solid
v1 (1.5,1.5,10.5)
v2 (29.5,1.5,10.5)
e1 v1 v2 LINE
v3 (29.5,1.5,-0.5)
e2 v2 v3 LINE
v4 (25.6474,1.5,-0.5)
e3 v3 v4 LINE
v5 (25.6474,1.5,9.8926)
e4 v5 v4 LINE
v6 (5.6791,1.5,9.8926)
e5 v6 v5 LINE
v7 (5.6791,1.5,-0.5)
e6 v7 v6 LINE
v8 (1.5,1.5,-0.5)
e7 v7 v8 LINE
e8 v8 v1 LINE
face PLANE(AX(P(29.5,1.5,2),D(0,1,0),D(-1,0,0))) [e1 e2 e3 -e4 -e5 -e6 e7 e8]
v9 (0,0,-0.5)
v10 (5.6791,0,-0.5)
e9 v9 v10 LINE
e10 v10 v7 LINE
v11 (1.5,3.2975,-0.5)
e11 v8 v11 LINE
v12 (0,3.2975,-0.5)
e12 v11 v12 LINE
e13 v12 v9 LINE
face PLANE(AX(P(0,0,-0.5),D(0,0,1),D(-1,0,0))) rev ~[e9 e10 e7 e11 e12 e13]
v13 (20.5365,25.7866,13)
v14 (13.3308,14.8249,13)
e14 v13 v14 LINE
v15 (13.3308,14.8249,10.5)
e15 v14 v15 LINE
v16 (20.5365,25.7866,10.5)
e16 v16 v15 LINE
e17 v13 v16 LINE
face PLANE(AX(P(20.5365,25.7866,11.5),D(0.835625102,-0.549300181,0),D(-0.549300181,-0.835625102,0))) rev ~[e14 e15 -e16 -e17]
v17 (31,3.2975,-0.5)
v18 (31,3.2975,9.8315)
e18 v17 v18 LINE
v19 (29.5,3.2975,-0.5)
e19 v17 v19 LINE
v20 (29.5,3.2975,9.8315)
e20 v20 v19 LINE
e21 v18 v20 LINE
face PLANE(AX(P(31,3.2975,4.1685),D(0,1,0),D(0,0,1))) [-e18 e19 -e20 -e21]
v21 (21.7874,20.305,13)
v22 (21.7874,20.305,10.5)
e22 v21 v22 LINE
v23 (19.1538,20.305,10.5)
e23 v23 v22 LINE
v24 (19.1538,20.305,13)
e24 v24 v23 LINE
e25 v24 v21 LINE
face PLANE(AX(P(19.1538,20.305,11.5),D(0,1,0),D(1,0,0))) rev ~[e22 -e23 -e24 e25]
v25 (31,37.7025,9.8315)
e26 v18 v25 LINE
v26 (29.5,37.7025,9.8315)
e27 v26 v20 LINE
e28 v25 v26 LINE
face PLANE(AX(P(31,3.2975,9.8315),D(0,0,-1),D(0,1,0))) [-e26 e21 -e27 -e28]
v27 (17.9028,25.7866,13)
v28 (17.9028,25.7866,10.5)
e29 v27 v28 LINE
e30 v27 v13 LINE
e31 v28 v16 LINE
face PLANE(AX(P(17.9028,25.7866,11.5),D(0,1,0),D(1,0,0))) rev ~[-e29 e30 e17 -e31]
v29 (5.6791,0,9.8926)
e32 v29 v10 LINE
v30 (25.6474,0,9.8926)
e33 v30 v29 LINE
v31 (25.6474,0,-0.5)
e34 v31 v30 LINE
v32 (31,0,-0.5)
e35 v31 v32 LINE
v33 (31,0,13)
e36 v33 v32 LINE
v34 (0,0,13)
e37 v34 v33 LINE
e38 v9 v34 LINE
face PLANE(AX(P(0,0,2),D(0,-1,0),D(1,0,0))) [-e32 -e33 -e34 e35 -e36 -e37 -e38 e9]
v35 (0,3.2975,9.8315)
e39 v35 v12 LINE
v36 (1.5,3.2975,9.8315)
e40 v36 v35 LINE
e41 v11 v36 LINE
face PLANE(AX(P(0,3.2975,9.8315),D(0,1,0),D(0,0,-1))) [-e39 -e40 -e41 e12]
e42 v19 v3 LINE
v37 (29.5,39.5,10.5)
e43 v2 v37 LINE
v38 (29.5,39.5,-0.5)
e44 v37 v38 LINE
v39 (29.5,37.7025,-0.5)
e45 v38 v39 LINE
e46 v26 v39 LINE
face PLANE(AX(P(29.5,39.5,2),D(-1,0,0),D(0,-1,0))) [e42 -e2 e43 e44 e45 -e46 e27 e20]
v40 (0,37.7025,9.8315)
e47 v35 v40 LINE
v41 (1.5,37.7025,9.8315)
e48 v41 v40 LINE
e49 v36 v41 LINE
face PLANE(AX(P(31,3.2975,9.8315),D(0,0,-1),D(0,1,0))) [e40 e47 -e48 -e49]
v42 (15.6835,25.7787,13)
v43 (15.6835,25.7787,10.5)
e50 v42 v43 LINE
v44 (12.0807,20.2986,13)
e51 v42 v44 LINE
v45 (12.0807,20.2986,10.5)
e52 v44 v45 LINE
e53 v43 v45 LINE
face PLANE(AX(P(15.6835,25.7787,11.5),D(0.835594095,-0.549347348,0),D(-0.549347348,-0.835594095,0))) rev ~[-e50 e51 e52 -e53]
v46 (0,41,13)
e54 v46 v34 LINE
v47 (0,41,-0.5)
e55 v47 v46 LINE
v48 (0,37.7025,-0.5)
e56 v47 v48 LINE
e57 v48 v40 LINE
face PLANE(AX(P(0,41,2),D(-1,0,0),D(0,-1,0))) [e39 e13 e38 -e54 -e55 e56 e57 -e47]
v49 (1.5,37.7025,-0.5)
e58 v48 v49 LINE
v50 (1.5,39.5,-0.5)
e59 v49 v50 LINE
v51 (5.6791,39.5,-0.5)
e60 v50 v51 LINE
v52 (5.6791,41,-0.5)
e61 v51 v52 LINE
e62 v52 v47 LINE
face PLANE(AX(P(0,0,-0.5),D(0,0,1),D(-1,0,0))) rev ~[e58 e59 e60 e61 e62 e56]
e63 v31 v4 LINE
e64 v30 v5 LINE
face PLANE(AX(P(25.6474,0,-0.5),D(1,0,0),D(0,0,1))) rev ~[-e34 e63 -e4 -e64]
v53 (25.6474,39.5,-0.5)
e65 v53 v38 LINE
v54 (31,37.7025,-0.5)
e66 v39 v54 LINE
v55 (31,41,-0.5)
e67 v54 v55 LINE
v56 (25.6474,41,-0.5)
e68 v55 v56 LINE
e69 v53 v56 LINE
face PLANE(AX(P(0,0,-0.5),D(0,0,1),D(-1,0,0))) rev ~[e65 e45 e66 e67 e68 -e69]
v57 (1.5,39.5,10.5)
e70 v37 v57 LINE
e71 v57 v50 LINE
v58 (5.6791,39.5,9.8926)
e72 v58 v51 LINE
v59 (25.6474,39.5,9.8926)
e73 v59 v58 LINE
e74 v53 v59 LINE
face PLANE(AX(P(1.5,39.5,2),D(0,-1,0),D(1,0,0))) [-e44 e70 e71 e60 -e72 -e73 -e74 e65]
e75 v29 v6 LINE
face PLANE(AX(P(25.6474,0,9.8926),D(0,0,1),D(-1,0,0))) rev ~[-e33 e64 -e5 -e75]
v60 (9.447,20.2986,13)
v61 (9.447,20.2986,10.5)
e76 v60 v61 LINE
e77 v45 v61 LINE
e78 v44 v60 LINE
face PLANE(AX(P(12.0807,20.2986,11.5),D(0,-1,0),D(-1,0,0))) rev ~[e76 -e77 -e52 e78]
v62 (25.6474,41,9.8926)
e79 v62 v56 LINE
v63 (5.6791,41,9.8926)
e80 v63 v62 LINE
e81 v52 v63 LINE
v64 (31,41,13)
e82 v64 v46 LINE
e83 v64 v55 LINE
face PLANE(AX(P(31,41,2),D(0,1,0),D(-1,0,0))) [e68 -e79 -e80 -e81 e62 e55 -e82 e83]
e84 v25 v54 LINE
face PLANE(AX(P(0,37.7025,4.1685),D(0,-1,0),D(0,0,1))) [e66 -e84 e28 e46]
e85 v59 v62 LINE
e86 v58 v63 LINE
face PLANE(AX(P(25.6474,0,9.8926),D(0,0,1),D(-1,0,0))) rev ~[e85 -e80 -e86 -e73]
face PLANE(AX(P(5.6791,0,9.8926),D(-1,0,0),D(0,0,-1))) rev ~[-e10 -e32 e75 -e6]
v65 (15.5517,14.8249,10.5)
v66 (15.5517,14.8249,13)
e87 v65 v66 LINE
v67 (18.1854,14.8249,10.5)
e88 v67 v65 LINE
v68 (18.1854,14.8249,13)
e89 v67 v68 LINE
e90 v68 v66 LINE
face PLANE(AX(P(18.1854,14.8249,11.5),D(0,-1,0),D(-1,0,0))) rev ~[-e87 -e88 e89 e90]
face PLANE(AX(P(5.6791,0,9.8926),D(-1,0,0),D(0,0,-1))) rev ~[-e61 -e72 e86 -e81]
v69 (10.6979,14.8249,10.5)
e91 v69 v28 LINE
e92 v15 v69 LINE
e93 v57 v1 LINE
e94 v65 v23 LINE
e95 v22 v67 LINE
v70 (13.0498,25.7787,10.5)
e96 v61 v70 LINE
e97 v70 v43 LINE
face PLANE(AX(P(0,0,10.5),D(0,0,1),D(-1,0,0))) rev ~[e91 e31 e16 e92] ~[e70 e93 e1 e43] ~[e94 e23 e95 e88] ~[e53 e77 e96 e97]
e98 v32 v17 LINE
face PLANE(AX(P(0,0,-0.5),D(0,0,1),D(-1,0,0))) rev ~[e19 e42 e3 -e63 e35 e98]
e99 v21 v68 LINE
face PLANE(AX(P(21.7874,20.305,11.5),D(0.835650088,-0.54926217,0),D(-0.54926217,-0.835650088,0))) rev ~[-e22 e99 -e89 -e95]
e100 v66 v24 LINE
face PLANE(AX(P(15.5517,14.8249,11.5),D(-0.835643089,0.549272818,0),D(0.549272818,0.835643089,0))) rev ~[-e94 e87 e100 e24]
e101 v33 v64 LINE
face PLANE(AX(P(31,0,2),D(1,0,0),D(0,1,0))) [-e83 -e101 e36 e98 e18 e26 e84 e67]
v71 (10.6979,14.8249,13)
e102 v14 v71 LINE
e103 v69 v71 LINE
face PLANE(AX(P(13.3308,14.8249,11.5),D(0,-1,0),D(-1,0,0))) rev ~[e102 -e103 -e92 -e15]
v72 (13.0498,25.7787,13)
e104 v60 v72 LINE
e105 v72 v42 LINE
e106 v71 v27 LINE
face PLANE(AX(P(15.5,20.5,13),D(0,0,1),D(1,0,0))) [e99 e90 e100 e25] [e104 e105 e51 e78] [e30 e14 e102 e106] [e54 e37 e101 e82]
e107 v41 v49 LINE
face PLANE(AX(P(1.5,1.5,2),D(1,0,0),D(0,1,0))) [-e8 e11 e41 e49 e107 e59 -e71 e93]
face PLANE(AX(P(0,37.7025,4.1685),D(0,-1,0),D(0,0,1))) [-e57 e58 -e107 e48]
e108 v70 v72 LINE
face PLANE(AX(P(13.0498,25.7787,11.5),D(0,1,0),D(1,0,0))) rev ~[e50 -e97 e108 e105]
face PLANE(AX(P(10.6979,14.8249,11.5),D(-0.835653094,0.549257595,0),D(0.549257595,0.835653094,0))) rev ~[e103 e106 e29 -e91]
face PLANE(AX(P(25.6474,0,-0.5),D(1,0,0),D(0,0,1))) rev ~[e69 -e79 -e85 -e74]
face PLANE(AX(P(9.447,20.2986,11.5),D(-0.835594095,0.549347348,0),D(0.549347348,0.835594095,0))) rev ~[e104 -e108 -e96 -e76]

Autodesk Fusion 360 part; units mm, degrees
sketch "Sketch1" plane through (0, 0, 0) normal (0, 0, 1) x (1, 0, 0)
  line L0 (0, 0) -> (31, 0)
  line L1 (31, 0) -> (31, 41)
  line L2 (31, 41) -> (0, 41)
  line L3 (0, 41) -> (0, 0)
  line L4 (1.5, 39.5) -> (29.5, 39.5)
  line L5 (29.5, 39.5) -> (29.5, 1.5)
  line L6 (29.5, 1.5) -> (1.5, 1.5)
  line L7 (1.5, 1.5) -> (1.5, 39.5)
  line L8 (1.5, 39.5) -> (29.5, 1.5) construction
  line L9 (29.5, 39.5) -> (1.5, 1.5) construction
  circle A0 centre (15.5, 28.7333) radius 7.5
  point P0 (15.5, 20.5)
  dimension "d1" = 31
  dimension "d2" = 41
  dimension "d3" = 28
  dimension "d4" = 38
  dimension "d5" = 15
extrude "Extrude1" add sketch "Sketch1" along normal blind 2 contours L0 L1 L2 L3 | L4 L5 L6 L7 makes body 1
extrude "Extrude2" add sketch "Sketch1" along normal blind 4 contours L4 L5 L6 L7 bodies 1
sketch "Sketch1 (2)" plane through (0, 0, 2) normal (0, 0, 1) x (-1, 0, 0) in component "Top"
  line L0 (-1.5, -1.5) -> (-1.5, -39.5)
  line L1 (-1.5, -39.5) -> (-29.5, -39.5)
  line L2 (-29.5, -39.5) -> (-29.5, -1.5)
  line L3 (-29.5, -1.5) -> (-1.5, -1.5)
  line L4 (0, -41) -> (0, 0)
  line L5 (0, 0) -> (-31, 0)
  line L6 (-31, 0) -> (-31, -41)
  line L7 (-31, -41) -> (0, -41)
  line L8 (0, -41) -> (-31, -41)
  line L9 (-31, -41) -> (-31, 0)
  line L10 (-31, 0) -> (0, 0)
  line L11 (0, 0) -> (0, -41)
extrude "Extrude1'" add sketch "Sketch1 (2)" along normal blind 10 separate body contours L0 L1 L2 L3 | L4 L5 L6 L7 L8 L9 L10 L11 makes body 2 in component "Top"
shell "Shell1" thickness 1.5 removed faces 1 at (10.3333, 27.3333, 2) on bodies 2 in component "Top"
ref_plane "WorkPlane1" through (15.5, 20.5, 12) normal (0, 0, 1) x (1, 0, 0)
sketch "Sketch2" plane through (15.5, 20.5, 12) normal (0, 0, 1) x (1, 0, 0) in component "Top"
  line L0 (0.1136, 9.8824) -> (-8.6176, 4.8413)
  line L1 (-8.6176, 4.8413) -> (-8.6176, -5.2393)
  line L2 (-8.6176, -5.2393) -> (0.1136, -10.2796)
  line L3 (0.1136, -10.2796) -> (8.8449, -5.2393)
  line L4 (8.8449, -5.2393) -> (8.8449, 4.8413)
  line L5 (8.8449, 4.8413) -> (0.1136, 9.8824)
  line L6 (-2.4502, 5.2787) -> (0.1835, 5.2787)
  line L7 (0.1835, 5.2787) -> (-3.4193, -0.2014)
  line L8 (-3.4193, -0.2014) -> (-6.053, -0.2014)
  line L9 (-6.053, -0.2014) -> (-2.4502, 5.2787)
  line L10 (-4.8021, -5.6751) -> (2.4028, 5.2866)
  line L11 (2.4028, 5.2866) -> (5.0365, 5.2866)
  line L12 (5.0365, 5.2866) -> (-2.1692, -5.6751)
  line L13 (-2.1692, -5.6751) -> (-4.8021, -5.6751)
  line L14 (2.6854, -5.6751) -> (0.0517, -5.6751)
  line L15 (0.0517, -5.6751) -> (3.6538, -0.195)
  line L16 (3.6538, -0.195) -> (6.2874, -0.195)
  line L17 (6.2874, -0.195) -> (2.6854, -5.6751)
extrude "Extrude2'" cut sketch "Sketch2" against normal blind 0.5 bodies 2 in component "Top"
extrude "Extrude3" cut 3 faces at (19.7089, 18.4783, 12) (17.2567, 22.1327, 12) (13.6047, 23.952, 12) along direction (0, 0, -1) blind 2 on bodies 2 bodies 2 in component "Top"
sketch "Sketch2 (1)" plane through (0, 41, 0) normal (0, 1, 0) x (-1, 0, 0) in component "Top"
  line L0 (-31, 2) -> (0, 2)
  line L1 (0, 2) -> (0, 12)
  line L2 (0, 12) -> (-31, 12)
  line L3 (-31, 12) -> (-31, 2)
  line L4 (-28.0584, 2) -> (-2.1668, 2)
  line L5 (-2.1668, 2) -> (-2.1668, 9.9165)
  line L6 (-2.1668, 9.9165) -> (-28.0584, 9.9165)
  line L7 (-28.0584, 9.9165) -> (-28.0584, 2)
  point P0 (-15.5, 7)
sketch "Sketch3" plane through (31, 0, 0) normal (1, 0, 0) x (0, 1, 0) in component "Top"
  line L0 (0, 2) -> (41, 2)
  line L1 (41, 2) -> (41, 12)
  line L2 (41, 12) -> (0, 12)
  line L3 (0, 12) -> (0, 2)
  line L4 (3.2975, 9.8315) -> (37.7025, 9.8315)
  line L5 (37.7025, 9.8315) -> (37.7025, 4.1685)
  line L6 (37.7025, 4.1685) -> (3.2975, 4.1685)
  line L7 (3.2975, 4.1685) -> (3.2975, 9.8315)
  line L8 (3.2975, 9.8315) -> (37.7025, 4.1685) construction
  line L9 (37.7025, 9.8315) -> (3.2975, 4.1685) construction
  point P0 (20.5, 7)
extrude "Extrude5" cut sketch "Sketch3" against normal blind 35 contours L4 L5 L6 L7 bodies 2 in component "Top"
extrude "Extrude6" add 1 faces at (15.5379, 37.4608, 12) along direction (0, 0, 1) blind 1 on bodies 2 bodies 2 in component "Top"
extrude "Extrude7" add 1 faces at (9.7931, 23.8062, 11.5) along direction (0, 0, 1) blind 1.5 on bodies 2 bodies 2 in component "Top"
extrude "Extrude8" cut 1 faces at (15.5612, 35.9262, 13) along direction (0, 0, 1) blind 1 on bodies 2 bodies 2 in component "Top"
extrude "Extrude9" add sketch "Sketch1 (2)" against normal blind 2.5 bodies 2 in component "Top"
sketch "Sketch4" plane through (0, 0, 0) normal (-1, 0, 0) x (0, -1, 0) in component "Top"
  line L0 (-37.7025, 4.1685) -> (-37.7025, 9.8315)
  line L1 (-37.7025, 9.8315) -> (-3.2975, 9.8315)
  line L2 (-3.2975, 9.8315) -> (-3.2975, 4.1685)
  line L3 (-3.2975, 4.1685) -> (-37.7025, 4.1685)
  line L4 (0, -0.5) -> (0, 13)
  line L5 (0, 13) -> (-41, 13)
  line L6 (-41, 13) -> (-41, -0.5)
  line L7 (-41, -0.5) -> (0, -0.5)
  line L8 (-37.7025, 9.8315) -> (-3.2975, 9.8315)
  line L9 (-3.2975, 9.8315) -> (-3.2975, -1.832)
  line L10 (-3.2975, -1.832) -> (-37.7025, -1.832)
  line L11 (-37.7025, -1.832) -> (-37.7025, 9.8315)
extrude "Extrude10" cut sketch "Sketch4" against normal blind 45.044 contours L0 L1 L2 L3 L8 L9 L11 | L3 L7 L9 L11 | L7 L9 L10 L11 bodies 2 in component "Top"
sketch "Sketch5" plane through (0, 0, 0) normal (0, -1, 0) x (1, 0, 0) in component "Top"
  line L0 (31, -0.5) -> (31, 13)
  line L1 (31, 13) -> (0, 13)
  line L2 (0, 13) -> (0, -0.5)
  line L3 (0, -0.5) -> (31, -0.5)
  line L4 (5.6791, -0.5) -> (25.6474, -0.5)
  line L5 (25.6474, -0.5) -> (25.6474, 9.8926)
  line L6 (25.6474, 9.8926) -> (5.6791, 9.8926)
  line L7 (5.6791, 9.8926) -> (5.6791, -0.5)
extrude "Extrude11" cut sketch "Sketch5" against normal blind 159.301 contours L3 L4 L5 L6 L7 bodies 2 in component "Top"
component "Top" placed x (1, 0, 0) y (0, 1, 0) z (0, 0, 1) at (0, 0, 0)
hidden bodies 1
